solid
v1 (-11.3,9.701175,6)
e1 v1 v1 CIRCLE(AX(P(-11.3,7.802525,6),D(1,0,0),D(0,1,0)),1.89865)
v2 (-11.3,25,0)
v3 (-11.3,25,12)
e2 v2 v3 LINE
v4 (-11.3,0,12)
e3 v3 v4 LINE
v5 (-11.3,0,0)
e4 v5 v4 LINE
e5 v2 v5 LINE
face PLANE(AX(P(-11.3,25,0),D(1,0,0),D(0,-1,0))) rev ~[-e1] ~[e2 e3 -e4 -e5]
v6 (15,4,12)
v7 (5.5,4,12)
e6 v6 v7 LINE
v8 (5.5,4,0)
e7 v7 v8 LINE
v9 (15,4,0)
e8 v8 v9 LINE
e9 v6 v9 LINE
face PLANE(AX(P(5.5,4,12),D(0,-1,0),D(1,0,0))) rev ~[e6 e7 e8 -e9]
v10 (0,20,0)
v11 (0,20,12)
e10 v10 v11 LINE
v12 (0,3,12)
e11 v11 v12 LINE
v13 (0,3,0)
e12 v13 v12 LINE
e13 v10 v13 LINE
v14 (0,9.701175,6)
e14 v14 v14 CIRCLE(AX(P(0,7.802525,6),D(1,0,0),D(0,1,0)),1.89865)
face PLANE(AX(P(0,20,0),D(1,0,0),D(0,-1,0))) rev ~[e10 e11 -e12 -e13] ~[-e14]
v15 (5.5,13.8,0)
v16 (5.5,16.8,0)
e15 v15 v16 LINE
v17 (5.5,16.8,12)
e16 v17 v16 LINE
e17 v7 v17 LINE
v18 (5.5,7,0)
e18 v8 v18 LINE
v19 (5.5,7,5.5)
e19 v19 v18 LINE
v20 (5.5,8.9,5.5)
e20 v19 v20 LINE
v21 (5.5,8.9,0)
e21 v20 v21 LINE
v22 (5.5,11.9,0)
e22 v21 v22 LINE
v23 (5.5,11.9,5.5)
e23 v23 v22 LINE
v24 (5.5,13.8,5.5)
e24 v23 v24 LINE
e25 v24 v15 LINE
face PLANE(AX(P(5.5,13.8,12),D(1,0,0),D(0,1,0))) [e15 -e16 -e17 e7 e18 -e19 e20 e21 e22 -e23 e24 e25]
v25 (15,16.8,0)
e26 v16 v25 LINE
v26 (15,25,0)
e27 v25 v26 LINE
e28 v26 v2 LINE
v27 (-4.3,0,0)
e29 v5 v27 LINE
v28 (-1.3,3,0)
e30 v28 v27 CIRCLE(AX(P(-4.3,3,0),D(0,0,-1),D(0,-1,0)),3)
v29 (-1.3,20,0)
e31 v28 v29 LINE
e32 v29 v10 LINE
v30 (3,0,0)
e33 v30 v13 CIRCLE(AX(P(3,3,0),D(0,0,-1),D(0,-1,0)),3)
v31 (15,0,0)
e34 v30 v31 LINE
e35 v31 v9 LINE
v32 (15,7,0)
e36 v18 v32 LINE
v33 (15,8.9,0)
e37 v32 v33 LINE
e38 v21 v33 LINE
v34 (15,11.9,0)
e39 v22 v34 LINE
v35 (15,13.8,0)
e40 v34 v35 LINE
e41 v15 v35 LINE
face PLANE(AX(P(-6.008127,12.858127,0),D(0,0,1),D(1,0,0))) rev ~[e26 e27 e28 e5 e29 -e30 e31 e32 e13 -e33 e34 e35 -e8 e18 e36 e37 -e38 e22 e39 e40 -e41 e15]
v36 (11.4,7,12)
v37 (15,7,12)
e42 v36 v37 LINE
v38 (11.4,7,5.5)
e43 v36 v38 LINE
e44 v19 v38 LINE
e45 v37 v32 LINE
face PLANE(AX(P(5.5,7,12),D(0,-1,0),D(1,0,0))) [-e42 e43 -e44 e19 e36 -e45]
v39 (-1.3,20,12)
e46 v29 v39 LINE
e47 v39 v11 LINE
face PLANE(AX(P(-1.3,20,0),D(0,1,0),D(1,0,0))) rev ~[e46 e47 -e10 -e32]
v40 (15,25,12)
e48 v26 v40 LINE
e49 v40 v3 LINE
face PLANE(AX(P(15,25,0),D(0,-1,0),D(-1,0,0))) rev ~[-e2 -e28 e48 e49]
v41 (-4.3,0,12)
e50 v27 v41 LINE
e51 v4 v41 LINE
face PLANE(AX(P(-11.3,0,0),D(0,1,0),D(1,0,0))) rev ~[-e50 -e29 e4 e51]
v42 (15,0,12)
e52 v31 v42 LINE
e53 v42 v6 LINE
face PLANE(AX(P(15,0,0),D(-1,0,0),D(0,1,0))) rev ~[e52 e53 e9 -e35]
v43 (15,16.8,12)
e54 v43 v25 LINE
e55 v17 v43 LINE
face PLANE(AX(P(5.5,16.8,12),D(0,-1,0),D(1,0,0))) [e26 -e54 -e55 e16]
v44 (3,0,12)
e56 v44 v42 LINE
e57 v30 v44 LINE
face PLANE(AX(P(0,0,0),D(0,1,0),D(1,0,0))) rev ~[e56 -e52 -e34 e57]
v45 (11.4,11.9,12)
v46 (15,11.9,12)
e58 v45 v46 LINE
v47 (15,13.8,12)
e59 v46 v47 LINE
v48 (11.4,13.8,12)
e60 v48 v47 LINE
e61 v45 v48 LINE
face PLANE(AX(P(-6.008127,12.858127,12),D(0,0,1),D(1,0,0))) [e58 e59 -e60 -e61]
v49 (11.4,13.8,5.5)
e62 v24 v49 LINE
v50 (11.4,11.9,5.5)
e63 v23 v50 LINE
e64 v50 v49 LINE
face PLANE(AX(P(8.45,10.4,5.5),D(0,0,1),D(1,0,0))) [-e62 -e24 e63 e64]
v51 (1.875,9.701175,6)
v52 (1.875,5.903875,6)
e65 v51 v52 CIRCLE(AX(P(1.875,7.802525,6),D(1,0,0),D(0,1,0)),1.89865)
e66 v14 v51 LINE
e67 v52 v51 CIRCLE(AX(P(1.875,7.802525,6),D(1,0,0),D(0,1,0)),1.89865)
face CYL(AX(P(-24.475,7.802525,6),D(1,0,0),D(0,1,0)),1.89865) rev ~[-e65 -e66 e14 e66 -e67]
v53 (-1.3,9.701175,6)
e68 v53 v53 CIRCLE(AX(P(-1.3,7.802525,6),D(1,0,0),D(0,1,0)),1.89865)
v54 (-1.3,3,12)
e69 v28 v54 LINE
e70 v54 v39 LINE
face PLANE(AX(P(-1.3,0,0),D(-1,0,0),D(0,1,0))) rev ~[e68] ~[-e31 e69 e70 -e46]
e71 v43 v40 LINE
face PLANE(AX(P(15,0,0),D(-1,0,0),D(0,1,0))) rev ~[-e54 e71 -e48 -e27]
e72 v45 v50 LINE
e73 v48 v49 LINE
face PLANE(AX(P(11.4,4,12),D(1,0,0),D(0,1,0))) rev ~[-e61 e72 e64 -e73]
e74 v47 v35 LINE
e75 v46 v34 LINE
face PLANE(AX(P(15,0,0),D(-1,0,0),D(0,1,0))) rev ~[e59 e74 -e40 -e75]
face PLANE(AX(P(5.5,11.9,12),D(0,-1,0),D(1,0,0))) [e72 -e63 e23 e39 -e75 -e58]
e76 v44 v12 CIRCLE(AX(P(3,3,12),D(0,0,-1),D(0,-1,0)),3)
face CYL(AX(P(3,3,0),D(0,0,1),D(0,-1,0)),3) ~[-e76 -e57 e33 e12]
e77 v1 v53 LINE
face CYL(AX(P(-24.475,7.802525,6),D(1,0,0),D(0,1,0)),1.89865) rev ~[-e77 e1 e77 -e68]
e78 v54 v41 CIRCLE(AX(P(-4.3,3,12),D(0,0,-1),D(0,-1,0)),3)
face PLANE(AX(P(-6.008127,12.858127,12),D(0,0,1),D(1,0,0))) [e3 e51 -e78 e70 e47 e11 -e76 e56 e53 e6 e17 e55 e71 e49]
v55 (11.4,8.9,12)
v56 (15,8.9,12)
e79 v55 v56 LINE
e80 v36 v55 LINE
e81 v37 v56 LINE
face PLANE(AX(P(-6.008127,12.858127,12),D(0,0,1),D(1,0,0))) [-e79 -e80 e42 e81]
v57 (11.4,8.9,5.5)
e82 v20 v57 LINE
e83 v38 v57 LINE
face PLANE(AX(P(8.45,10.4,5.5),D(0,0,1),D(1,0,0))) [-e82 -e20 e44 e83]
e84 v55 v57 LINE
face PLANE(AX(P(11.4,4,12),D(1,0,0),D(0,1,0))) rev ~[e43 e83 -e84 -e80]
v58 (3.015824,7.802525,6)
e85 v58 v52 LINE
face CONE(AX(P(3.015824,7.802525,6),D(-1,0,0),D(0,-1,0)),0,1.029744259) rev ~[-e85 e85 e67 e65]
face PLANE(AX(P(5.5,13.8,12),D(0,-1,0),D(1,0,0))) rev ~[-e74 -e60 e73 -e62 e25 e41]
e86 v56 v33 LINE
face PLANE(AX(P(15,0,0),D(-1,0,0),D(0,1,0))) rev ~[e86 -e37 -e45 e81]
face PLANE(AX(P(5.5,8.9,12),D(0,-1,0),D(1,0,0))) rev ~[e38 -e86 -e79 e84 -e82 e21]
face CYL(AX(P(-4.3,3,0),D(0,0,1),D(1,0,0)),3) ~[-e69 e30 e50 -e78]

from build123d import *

# Parameters (mm, degrees)
F1_DEPTH = 12
F2_W     = 5.9
F2_H     = 12.8
F3_DEPTH = 6.5
F4_W     = 9.5
F4_H     = 3
F5_DEPTH = 12.001
F6_R     = 3
F8_D     = 3.7973
F8_DEPTH = 13.175
F8_TIP   = 1.1408240143


with BuildPart() as f1:
    # F0 (on Top) → F1 (new body)
    with BuildSketch(Plane.XY):
        Polygon((0, 25), (-11.3, 25), (-11.3, 0), (-1.3, 0), (-1.3, 20), (0, 20), align=None)
        Polygon((15, 25), (0, 25), (0, 20), (0, 0), (15, 0), align=None)
    extrude(amount=F1_DEPTH)

    # F2 (on face) → F3 (cut)
    with BuildSketch(Plane.XY.offset(12)):
        with Locations((8.45, 10.4)):
            Rectangle(F2_W, F2_H)
    extrude(amount=-F3_DEPTH, mode=Mode.SUBTRACT)

    # F4 (on face) → F5 (cut, through all)
    with BuildSketch(Plane.XY.offset(12)):
        with Locations((10.25, 5.5)):
            Rectangle(F4_W, F4_H)
        with Locations((10.25, 10.4)):
            Rectangle(F4_W, F4_H)
        with Locations((10.25, 15.3)):
            Rectangle(F4_W, F4_H)
    extrude(amount=-F5_DEPTH, mode=Mode.SUBTRACT)

    # F6
    f6_edges = [f1.edges().sort_by_distance(p)[0] for p in [
        (-1.3, 0, 6),
        (0, 0, 6),
    ]]
    fillet(f6_edges, radius=F6_R)

    # F8
    with Locations(Plane(origin=(-11.3, 0, 0), x_dir=(0, -1, 0), z_dir=(-1, 0, 0))):
        with Locations((-7.8025250696, 6)):
            Hole(F8_D / 2, depth=F8_DEPTH)
            with Locations((0, 0, -(F8_DEPTH + F8_TIP / 2))):  # 118° drill point
                Cone(0, F8_D / 2, F8_TIP, mode=Mode.SUBTRACT)


solid = f1.part
